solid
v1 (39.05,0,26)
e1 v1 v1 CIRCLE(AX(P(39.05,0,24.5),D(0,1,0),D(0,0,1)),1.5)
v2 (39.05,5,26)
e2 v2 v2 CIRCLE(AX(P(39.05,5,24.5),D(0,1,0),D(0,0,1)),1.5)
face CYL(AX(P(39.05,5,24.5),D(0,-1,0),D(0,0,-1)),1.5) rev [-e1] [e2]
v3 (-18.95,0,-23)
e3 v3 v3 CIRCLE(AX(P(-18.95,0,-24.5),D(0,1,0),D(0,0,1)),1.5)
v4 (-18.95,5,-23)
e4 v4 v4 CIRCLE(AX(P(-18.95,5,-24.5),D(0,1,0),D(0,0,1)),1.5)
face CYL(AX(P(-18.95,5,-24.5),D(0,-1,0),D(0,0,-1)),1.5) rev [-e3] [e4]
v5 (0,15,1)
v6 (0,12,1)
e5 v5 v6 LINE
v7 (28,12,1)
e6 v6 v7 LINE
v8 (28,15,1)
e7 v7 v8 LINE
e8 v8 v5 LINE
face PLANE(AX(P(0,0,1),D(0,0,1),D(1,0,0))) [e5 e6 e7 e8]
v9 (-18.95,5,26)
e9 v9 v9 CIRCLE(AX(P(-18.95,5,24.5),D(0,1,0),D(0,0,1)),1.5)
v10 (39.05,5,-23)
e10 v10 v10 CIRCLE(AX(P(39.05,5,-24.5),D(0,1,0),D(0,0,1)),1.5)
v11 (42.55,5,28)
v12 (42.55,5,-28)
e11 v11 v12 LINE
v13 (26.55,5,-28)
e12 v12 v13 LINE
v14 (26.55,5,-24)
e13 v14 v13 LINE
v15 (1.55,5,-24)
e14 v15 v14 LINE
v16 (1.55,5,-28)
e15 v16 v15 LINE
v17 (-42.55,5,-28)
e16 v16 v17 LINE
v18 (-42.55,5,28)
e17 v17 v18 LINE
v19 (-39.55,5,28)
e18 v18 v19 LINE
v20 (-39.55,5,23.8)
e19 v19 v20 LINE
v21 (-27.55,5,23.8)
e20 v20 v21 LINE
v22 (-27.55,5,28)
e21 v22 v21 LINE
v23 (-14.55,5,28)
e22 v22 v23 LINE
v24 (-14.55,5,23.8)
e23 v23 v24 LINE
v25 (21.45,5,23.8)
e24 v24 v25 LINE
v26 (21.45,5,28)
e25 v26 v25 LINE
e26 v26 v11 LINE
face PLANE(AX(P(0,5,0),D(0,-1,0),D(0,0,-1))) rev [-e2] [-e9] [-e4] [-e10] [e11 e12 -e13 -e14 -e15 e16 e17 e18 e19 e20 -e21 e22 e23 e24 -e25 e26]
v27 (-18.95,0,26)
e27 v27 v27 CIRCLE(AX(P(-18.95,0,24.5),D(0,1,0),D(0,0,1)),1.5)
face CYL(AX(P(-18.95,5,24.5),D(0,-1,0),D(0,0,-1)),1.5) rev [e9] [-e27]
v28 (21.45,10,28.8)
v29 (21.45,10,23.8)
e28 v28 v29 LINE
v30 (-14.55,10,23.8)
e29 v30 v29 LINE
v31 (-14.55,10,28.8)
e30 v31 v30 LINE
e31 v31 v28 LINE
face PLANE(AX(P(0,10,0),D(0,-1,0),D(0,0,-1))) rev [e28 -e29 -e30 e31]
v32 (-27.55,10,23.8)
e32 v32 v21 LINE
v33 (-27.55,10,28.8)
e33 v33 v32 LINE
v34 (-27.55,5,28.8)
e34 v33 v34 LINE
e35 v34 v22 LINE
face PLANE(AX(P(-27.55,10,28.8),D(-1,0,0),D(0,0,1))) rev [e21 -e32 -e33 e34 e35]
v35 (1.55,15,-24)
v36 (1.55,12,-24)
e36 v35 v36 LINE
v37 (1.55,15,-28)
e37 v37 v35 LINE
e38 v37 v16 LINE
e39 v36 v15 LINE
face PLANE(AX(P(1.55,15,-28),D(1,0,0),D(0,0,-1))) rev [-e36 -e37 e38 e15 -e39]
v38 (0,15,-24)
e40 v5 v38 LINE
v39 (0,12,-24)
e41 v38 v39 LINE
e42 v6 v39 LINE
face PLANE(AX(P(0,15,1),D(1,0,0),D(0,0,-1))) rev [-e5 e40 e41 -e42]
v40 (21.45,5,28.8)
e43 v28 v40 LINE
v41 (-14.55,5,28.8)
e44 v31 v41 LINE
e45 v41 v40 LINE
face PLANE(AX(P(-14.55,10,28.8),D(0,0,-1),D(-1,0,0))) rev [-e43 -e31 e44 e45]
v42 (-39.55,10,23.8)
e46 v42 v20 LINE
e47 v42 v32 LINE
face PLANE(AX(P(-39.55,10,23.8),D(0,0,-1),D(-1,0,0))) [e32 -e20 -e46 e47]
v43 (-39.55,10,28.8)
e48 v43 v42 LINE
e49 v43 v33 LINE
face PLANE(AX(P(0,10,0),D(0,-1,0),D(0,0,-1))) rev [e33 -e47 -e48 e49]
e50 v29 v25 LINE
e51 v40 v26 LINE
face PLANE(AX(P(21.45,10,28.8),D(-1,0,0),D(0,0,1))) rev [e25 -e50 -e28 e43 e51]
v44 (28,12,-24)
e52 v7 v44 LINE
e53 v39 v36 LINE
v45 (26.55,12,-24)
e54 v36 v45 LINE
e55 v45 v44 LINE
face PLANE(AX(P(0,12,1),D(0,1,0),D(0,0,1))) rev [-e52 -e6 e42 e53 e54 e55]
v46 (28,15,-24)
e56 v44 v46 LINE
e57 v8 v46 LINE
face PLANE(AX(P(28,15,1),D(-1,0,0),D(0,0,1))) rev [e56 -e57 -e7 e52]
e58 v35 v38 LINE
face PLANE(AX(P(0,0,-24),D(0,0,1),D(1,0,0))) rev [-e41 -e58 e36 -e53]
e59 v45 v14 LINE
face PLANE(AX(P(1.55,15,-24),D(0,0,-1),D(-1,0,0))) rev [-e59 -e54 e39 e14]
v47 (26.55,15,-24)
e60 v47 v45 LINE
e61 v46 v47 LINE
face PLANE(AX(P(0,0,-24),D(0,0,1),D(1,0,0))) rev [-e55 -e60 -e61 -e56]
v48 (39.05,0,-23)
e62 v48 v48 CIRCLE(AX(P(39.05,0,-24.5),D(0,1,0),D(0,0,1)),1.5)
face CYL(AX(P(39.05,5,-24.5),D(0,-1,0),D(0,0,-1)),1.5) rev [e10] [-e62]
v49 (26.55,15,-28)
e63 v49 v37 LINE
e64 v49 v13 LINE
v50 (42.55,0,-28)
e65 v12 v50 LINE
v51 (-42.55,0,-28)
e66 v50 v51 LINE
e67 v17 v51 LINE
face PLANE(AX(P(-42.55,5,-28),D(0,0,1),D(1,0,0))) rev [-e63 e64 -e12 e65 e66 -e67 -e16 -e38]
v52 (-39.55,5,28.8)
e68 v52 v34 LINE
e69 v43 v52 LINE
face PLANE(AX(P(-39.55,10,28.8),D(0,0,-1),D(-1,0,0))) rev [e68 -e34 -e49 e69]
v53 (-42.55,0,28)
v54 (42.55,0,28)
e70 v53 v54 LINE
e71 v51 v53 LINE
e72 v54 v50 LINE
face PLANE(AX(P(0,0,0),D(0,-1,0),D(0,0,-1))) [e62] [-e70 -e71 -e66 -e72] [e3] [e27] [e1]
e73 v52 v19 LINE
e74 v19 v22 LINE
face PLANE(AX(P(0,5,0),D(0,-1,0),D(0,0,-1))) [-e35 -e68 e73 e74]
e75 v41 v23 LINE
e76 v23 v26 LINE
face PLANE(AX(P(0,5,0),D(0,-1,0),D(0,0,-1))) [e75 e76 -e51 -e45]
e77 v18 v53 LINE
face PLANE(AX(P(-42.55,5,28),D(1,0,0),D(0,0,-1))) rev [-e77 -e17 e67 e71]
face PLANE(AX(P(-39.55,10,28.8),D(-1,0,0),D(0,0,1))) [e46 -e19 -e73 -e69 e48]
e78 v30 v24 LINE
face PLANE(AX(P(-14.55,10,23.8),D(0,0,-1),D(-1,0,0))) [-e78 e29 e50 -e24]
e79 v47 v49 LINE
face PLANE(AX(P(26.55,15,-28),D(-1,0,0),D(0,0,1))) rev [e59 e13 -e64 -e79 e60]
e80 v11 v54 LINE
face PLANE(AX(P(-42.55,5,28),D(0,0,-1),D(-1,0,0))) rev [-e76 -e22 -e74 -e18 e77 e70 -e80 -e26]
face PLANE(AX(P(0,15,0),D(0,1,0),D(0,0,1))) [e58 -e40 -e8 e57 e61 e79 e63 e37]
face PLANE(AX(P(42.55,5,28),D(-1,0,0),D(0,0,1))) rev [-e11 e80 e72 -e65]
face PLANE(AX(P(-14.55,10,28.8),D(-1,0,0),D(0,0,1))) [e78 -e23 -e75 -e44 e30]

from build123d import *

# Parameters (mm, degrees)
SKETCH1_W           = 85.1
SKETCH1_H           = 56
SKETCH1_R           = 1.5
BOSS_EXTRUDE1_DEPTH = 5
SKETCH3_W           = 12
SKETCH3_H           = 5
BOSS_EXTRUDE2_DEPTH = 5
SKETCH4_W           = 25
SKETCH4_H           = 4
BOSS_EXTRUDE3_DEPTH = 10
SKETCH5_W           = 28
SKETCH5_H           = 3
BOSS_EXTRUDE4_DEPTH = 25


with BuildPart() as part:
    # Sketch1 → Boss-Extrude1 (new body)
    with BuildSketch(Plane(origin=(0, 0, 0), x_dir=(1, 0, 0), z_dir=(0, 1, 0))):
        Rectangle(SKETCH1_W, SKETCH1_H)
        with Locations(Location((-18.95, -24.5, 0), (0, 0, 270))):
            Circle(SKETCH1_R, mode=Mode.SUBTRACT)
        with Locations(Location((39.05, -24.5, 0), (0, 0, 270))):
            Circle(SKETCH1_R, mode=Mode.SUBTRACT)
        with Locations(Location((39.05, 24.5, 0), (0, 0, 270))):
            Circle(SKETCH1_R, mode=Mode.SUBTRACT)
        with Locations(Location((-18.95, 24.5, 0), (0, 0, 270))):
            Circle(SKETCH1_R, mode=Mode.SUBTRACT)
    extrude(amount=BOSS_EXTRUDE1_DEPTH)

    # Sketch3 → Boss-Extrude2 (add)
    with BuildSketch(Plane(origin=(0, 5, 0), x_dir=(1, 0, 0), z_dir=(0, 1, 0))):
        with Locations((-33.55, -26.3)):
            Rectangle(SKETCH3_W, SKETCH3_H)
        with Locations((-8.55, -26.3)):
            Rectangle(SKETCH3_W, SKETCH3_H)
        with Locations((3.45, -26.3)):
            Rectangle(SKETCH3_W, SKETCH3_H)
        with Locations((15.45, -26.3)):
            Rectangle(SKETCH3_W, SKETCH3_H)
    extrude(amount=BOSS_EXTRUDE2_DEPTH)

    # Sketch4 → Boss-Extrude3 (add)
    with BuildSketch(Plane(origin=(0, 5, 0), x_dir=(1, 0, 0), z_dir=(0, 1, 0))):
        with Locations((14.05, 26)):
            Rectangle(SKETCH4_W, SKETCH4_H)
    extrude(amount=BOSS_EXTRUDE3_DEPTH)

    # Sketch5 → Boss-Extrude4 (add)
    with BuildSketch(Plane.XY.offset(-24)):
        with Locations((14, 13.5)):
            Rectangle(SKETCH5_W, SKETCH5_H)
    extrude(amount=BOSS_EXTRUDE4_DEPTH)


solid = part.part
